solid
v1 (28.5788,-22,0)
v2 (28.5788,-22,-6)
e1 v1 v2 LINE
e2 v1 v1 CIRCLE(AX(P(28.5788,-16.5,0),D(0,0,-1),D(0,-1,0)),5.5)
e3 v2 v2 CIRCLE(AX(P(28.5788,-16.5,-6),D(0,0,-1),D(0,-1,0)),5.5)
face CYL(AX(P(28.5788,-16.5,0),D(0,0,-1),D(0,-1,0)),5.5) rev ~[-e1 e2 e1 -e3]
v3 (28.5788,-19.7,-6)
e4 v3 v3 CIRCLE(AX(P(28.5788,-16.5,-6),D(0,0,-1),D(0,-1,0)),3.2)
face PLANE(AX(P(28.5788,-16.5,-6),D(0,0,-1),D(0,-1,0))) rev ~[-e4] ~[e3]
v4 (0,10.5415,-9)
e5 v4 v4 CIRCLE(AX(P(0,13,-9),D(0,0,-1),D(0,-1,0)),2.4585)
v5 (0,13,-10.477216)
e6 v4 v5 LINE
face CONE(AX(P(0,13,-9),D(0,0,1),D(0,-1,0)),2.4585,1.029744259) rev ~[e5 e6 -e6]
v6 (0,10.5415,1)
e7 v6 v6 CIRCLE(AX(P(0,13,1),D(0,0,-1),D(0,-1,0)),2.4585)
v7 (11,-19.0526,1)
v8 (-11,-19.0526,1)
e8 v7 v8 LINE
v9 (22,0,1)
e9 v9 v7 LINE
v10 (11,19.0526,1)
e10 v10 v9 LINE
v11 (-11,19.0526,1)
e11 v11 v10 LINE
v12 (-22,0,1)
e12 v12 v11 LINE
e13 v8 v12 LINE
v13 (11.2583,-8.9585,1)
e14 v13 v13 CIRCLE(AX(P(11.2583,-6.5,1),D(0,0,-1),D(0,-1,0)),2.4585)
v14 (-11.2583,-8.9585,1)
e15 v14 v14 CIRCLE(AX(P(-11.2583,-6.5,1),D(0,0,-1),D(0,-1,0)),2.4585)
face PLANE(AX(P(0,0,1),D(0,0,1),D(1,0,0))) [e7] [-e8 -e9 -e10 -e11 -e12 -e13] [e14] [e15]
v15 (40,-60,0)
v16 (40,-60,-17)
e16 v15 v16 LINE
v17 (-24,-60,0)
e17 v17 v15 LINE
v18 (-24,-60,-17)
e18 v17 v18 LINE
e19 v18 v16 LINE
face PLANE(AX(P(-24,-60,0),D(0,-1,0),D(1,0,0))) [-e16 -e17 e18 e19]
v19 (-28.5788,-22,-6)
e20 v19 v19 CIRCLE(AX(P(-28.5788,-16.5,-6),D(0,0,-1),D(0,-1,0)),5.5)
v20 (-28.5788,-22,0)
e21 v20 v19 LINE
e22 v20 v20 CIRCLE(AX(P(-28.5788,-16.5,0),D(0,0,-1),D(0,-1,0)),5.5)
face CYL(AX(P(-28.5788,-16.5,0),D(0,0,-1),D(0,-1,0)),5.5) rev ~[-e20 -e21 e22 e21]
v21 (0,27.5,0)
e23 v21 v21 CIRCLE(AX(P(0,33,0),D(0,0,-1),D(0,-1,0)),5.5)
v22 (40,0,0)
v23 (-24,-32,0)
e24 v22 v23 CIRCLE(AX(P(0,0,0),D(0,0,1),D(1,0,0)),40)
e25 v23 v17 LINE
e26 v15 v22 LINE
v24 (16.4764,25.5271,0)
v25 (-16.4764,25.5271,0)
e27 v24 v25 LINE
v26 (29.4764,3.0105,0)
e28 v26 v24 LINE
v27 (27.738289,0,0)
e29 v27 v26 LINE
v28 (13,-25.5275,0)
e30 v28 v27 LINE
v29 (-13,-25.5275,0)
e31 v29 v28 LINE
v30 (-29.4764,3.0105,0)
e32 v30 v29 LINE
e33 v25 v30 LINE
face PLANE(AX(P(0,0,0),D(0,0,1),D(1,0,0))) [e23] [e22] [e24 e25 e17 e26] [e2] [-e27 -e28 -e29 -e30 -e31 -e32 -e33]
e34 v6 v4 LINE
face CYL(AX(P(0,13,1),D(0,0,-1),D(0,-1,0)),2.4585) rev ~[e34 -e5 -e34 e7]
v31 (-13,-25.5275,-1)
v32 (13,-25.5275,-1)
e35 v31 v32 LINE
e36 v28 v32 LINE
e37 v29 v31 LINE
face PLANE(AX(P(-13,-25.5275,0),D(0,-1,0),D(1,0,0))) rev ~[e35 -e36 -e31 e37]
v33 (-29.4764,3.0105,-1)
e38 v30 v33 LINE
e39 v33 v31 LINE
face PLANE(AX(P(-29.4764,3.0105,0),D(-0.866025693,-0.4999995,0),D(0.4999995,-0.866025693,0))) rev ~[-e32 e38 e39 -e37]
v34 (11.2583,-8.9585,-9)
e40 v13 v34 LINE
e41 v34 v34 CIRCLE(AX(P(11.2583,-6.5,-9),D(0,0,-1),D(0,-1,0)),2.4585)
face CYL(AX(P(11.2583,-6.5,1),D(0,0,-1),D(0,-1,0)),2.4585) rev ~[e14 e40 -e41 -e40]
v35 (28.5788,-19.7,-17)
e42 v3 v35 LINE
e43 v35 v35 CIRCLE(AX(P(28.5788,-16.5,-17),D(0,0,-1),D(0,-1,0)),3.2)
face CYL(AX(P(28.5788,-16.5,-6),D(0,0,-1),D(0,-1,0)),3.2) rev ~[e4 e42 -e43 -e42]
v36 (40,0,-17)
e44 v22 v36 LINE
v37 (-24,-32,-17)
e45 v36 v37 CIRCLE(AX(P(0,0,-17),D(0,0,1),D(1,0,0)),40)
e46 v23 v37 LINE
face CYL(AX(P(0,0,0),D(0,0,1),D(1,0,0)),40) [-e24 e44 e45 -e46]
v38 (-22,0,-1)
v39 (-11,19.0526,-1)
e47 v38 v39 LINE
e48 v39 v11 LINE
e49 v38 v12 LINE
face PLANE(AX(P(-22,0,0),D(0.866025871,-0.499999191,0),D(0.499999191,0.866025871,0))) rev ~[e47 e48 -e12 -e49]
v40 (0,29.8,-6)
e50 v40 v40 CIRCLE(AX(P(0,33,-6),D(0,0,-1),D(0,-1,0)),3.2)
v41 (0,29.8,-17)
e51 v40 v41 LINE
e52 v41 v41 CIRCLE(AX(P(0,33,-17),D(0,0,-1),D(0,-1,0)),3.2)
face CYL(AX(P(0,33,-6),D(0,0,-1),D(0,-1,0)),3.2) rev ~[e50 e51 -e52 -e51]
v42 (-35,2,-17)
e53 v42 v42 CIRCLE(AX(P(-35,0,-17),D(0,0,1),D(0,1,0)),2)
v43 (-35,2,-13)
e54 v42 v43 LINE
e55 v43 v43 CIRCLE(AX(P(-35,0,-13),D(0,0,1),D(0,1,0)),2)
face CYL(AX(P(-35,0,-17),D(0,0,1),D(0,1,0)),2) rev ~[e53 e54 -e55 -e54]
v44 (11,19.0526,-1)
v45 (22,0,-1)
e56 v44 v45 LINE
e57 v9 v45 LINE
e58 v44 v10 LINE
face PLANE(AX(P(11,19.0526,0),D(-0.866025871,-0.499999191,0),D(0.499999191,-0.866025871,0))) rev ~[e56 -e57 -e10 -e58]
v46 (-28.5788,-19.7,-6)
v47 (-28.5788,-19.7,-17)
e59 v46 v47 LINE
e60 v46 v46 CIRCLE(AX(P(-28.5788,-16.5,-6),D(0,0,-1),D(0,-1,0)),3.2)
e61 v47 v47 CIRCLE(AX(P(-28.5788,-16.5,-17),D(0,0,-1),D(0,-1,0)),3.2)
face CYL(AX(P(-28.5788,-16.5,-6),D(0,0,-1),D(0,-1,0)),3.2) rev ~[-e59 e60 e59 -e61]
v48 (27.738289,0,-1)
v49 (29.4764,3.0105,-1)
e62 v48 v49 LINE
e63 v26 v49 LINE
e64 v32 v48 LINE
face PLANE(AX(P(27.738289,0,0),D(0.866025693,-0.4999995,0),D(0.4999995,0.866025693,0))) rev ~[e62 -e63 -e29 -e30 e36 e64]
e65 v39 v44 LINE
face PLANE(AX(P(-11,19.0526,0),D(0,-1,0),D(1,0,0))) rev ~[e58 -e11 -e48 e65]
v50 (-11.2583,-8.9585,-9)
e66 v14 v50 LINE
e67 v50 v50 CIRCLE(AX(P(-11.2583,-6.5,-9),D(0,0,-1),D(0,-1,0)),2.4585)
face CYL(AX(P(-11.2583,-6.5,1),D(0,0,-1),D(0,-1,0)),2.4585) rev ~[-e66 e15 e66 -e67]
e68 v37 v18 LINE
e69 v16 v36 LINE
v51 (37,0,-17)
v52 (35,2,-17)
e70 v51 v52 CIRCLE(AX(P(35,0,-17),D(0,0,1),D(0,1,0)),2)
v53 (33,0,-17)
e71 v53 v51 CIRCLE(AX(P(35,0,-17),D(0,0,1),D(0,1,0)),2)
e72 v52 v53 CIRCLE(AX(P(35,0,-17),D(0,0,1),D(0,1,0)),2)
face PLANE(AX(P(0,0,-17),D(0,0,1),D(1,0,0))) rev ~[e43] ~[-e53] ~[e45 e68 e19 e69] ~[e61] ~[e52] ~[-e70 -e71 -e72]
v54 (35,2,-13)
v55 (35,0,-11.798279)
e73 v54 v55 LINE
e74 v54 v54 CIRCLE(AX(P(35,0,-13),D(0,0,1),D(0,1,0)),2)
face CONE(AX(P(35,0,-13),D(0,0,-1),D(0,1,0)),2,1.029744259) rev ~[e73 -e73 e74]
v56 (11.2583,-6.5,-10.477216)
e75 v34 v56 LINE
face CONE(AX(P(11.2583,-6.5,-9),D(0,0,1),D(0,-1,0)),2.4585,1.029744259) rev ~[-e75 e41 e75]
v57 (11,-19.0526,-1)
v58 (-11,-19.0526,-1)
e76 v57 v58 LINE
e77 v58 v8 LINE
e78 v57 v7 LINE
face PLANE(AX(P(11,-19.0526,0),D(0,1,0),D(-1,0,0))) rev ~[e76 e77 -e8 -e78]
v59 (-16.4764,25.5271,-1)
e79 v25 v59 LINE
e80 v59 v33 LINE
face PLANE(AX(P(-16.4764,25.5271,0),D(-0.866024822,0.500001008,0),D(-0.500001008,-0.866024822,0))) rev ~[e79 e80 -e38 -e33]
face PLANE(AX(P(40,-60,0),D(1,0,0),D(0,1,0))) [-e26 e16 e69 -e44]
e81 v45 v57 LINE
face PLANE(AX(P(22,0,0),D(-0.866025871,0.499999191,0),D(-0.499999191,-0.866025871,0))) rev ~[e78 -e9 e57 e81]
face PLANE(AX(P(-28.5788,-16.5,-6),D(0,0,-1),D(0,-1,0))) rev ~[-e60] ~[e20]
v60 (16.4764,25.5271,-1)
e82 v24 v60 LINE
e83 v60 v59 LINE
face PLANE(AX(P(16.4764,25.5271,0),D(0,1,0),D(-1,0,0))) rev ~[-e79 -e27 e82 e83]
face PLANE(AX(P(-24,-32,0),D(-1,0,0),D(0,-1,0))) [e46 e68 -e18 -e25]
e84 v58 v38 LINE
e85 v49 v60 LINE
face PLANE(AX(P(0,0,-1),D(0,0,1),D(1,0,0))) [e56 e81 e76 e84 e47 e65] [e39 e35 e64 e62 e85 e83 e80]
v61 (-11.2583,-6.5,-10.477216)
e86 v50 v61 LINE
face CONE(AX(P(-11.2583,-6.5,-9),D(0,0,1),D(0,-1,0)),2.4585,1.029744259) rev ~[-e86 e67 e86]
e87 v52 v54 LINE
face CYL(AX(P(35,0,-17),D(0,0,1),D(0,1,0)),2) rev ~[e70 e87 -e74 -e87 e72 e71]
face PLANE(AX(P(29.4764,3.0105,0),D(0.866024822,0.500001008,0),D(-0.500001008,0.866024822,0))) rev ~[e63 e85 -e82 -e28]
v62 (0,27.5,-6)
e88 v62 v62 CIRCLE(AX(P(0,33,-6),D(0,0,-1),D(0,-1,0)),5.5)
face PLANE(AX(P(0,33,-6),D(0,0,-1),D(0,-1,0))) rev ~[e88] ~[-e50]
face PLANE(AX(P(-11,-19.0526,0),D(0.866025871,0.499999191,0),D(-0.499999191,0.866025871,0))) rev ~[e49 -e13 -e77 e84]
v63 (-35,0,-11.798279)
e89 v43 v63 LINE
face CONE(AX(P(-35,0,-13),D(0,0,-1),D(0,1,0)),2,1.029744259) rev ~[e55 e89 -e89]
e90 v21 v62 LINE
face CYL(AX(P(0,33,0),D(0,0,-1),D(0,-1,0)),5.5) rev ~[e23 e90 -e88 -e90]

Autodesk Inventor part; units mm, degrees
ref_plane "YZ Plane" through (0, 0, 0) normal (1, 0, 0) x (0, 1, 0)
ref_plane "XZ Plane" through (0, 0, 0) normal (0, 1, 0) x (-1, 0, 0)
ref_plane "XY Plane" through (0, 0, 0) normal (0, 0, 1) x (1, 0, 0)
sketch "スケッチ1" plane through (0, 0, 0) normal (0, 0, 1) x (1, 0, 0)
  arc A0 (40, 0) -> (-24, -32) centre (0, 0) ccw
  line L0 (40, 0) -> (-24, 0)
  line L1 (-24, -32) -> (-24, -60)
  line L2 (-24, -60) -> (40, -60)
  line L3 (40, -60) -> (40, 0)
  circle A1 centre (0, 0) radius 33
  line L4 (-22, 0) -> (-11, 19.0526)
  line L5 (-11, 19.0526) -> (11, 19.0526)
  line L6 (11, 19.0526) -> (22, 0)
  line L7 (22, 0) -> (11, -19.0526)
  line L8 (11, -19.0526) -> (-11, -19.0526)
  line L9 (-11, -19.0526) -> (-22, 0)
  line L10 (-13, -25.5275) -> (13, -25.5275)
  line L11 (13, -25.5275) -> (29.4764, 3.0105)
  line L12 (29.4764, 3.0105) -> (16.4764, 25.5271)
  line L13 (16.4764, 25.5271) -> (-16.4764, 25.5271)
  line L14 (-16.4764, 25.5271) -> (-29.4764, 3.0105)
  line L15 (-29.4764, 3.0105) -> (-13, -25.5275)
  point P0 (-24, -32)
  point P1 (0, 33)
  point P2 (-28.5788, -16.5)
  point P3 (28.5788, -16.5)
  dimension "d34" = 66
  dimension "d0" = 80
  dimension "d1" = 0
  dimension "d2" = 64
  dimension "d3" = 60
  dimension "d35" = 0
  dimension "d38" = 360
  dimension "d62" = 22
  dimension "d94" = 0
  dimension "d95" = 26
  dimension "d96" = 120
  dimension "d97" = 26
  dimension "d98" = 120
  dimension "d99" = 120
  dimension "d100" = 26
  dimension "d101" = 120
  dimension "d102" = 13
  dimension "d103" = 25.5275
extrude "押し出し1" add sketch "スケッチ1" against normal blind 17 contours L3 L2 L1 A0 | L7 L8 L9 L0 | L0 L4 L5 L6 | L11 L10 L15 L14 L13 L12 | A1
hole "穴3" at (0, 33, 0) at (-28.5788, -16.5, 0) at (28.5788, -16.5, 0) direction (0, 0, -1) diameter 6.4 depth 17 tip angle 118 counterbore diameter 11 counterbore depth 6
sketch "スケッチ2" plane through (0, 0, -17) normal (0, 0, -1) x (-1, 0, 0)
  circle A0 centre (0, 0) radius 35
  point P0 (-35, 0)
  point P1 (35, 0)
  dimension "d47" = 70
  dimension "d48" = 0
  dimension "d51" = 360
hole "穴4" at (35, 0, -17) at (-35, 0, -17) direction (0, 0, 1) diameter 4 depth 4 tip angle 118
extrude "押し出し2" add sketch "スケッチ1" along normal blind 1 contours L7 L8 L9 L0 | L0 L4 L5 L6
sketch "スケッチ4" plane through (0, 0, 1) normal (0, 0, 1) x (1, 0, 0)
  circle A0 centre (0, 0) radius 13
  point P0 (0, 13)
  point P1 (-11.2583, -6.5)
  point P2 (11.2583, -6.5)
  dimension "d81" = 26
  dimension "d82" = 0
  dimension "d85" = 360
hole "穴5" at (0, 13, 1) at (-11.2583, -6.5, 1) at (11.2583, -6.5, 1) direction (0, 0, -1) diameter 4.917 depth 10 tip angle 118 thread size "M6x1" designation "M6" class "6H" standard "GB Metric profile"
extrude "押し出し3" cut sketch "スケッチ1" against normal blind 1 contours L11 L10 L15 L14 L13 L12
properties part number "FFS080YS102U6" material "ステンレス鋼"
